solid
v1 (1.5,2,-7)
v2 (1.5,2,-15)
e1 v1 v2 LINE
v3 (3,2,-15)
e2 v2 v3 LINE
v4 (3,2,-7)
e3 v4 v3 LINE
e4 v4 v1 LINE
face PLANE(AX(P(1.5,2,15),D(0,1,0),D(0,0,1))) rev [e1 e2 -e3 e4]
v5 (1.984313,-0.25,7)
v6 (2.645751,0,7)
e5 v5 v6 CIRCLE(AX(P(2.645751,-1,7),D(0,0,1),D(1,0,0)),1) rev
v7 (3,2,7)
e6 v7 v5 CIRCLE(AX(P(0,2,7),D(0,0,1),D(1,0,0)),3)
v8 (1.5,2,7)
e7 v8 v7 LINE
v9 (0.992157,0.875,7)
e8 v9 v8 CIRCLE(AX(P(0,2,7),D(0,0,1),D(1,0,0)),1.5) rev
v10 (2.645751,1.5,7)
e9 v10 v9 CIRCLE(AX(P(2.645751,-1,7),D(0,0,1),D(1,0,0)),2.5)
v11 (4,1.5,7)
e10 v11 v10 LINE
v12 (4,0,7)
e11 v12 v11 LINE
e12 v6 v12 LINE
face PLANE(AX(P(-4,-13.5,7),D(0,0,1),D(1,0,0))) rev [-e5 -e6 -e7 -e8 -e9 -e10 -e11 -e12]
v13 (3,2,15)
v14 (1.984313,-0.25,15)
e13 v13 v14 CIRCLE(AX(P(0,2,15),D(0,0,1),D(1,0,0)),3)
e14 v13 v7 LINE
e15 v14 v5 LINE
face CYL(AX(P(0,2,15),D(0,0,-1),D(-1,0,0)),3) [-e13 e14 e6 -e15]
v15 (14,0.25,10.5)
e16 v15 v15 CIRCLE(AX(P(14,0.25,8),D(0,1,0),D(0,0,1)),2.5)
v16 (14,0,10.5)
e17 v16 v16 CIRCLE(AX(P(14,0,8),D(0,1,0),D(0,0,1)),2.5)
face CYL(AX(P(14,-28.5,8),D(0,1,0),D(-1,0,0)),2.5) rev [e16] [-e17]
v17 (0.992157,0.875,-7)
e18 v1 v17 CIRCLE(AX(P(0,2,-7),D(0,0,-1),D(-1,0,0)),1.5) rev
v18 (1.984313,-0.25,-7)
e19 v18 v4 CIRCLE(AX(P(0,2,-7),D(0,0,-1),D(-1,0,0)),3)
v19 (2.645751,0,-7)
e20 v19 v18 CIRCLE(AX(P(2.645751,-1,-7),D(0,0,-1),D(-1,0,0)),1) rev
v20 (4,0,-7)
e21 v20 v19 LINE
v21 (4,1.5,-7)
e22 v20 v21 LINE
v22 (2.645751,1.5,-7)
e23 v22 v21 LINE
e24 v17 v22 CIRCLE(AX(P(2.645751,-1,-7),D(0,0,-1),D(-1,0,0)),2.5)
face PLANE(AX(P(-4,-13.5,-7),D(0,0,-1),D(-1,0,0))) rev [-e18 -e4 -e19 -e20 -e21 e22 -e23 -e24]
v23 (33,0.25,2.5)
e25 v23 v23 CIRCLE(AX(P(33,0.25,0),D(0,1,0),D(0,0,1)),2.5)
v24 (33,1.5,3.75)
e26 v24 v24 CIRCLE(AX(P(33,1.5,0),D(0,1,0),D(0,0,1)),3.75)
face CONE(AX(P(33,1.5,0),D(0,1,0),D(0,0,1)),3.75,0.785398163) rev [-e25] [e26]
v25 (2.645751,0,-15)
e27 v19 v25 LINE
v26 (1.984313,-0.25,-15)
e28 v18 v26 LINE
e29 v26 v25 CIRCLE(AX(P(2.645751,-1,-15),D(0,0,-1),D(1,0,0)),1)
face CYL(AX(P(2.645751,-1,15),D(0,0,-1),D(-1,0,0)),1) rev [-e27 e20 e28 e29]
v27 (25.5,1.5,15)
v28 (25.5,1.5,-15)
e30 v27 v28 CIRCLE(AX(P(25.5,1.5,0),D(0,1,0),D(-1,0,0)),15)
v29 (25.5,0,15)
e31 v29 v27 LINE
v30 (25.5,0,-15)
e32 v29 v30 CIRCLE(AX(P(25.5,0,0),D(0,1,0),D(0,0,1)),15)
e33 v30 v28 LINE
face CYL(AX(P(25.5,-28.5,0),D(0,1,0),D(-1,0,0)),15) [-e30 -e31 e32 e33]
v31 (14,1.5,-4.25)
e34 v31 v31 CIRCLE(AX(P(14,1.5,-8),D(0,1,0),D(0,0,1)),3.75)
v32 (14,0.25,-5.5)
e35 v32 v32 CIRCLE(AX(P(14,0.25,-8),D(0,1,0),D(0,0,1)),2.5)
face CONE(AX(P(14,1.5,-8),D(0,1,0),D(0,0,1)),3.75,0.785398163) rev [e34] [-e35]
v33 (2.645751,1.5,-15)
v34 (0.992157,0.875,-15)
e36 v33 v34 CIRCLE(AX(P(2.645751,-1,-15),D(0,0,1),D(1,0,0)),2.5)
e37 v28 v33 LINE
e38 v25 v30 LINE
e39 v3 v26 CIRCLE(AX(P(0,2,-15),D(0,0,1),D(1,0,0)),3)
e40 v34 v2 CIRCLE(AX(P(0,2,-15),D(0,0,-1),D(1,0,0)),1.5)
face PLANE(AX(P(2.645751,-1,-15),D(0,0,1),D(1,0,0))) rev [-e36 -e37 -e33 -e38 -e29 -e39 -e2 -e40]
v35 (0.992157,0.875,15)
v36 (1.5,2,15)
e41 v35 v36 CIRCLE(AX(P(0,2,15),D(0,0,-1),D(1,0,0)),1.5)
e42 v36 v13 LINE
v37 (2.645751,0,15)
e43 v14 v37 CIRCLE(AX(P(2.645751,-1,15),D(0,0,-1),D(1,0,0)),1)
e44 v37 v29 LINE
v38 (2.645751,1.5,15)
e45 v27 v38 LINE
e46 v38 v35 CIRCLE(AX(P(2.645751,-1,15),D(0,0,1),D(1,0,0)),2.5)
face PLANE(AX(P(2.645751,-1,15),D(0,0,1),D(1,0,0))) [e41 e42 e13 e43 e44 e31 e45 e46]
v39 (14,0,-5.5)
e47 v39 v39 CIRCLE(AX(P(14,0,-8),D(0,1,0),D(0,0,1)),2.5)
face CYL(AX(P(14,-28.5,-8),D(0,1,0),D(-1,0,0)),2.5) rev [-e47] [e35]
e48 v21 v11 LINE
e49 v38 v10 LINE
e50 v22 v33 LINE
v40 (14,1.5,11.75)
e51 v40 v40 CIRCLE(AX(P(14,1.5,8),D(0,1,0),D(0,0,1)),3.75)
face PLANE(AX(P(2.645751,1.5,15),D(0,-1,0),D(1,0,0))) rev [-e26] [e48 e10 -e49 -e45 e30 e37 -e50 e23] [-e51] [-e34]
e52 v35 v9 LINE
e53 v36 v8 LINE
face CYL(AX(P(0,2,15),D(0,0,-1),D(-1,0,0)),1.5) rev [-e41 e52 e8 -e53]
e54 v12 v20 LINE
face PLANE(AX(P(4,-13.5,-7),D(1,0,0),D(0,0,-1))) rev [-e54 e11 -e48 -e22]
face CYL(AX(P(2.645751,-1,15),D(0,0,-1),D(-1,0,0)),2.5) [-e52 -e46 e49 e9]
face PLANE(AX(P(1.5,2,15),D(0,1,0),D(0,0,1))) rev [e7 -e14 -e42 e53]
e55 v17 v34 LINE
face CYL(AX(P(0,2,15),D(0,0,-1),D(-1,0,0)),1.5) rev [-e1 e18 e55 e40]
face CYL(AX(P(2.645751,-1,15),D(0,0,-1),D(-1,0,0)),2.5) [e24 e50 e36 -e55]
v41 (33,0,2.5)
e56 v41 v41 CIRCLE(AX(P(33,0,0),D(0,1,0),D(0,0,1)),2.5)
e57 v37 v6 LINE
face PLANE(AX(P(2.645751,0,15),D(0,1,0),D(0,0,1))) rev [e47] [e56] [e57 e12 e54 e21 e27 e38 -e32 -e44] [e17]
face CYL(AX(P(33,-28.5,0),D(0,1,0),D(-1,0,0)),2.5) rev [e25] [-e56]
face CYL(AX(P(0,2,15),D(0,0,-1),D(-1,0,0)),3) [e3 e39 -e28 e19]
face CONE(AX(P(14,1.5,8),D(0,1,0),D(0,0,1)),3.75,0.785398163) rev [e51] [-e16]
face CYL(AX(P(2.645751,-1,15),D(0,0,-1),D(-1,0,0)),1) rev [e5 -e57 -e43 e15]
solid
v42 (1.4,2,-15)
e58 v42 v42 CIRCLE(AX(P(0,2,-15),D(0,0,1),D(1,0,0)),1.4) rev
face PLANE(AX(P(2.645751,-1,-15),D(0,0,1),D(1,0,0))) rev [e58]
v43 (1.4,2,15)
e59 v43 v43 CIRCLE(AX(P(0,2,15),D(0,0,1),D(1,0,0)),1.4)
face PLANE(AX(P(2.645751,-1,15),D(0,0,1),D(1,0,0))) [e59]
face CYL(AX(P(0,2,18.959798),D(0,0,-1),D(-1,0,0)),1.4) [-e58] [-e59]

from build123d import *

# Parameters (mm, degrees)
BODY_DEPTH                    = 15
SKETCH_2_R                    = 2.5
CUT_1_DEPTH                   = 30
HOLE_WIZARD_7_5_5_D           = 5
HOLE_WIZARD_7_5_5_DEPTH       = 8.5
HOLE_WIZARD_7_5_5_CSINK_D     = 7.5
HOLE_WIZARD_7_5_5_CSINK_ANGLE = 90
HOLE_WIZARD_7_5_5_TIP         = 1.502151548
SKETCH_4_W                    = 8
SKETCH_4_H                    = 14
CUT_EXTRUDE_2_DEPTH           = 15
EXTRUDE_1_REACH               = 17
SKETCH_6_R                    = 1.4
EXTRUDE_1_DIRECTION_2_REACH   = 17


with BuildPart() as part:
    # ｽｹｯﾁ1 → BODY (new body, symmetric)
    with BuildSketch(Plane.XY):
        with BuildLine():
            Line((2.645751311, 1.5), (40.5, 1.5))
            Line((40.5, 1.5), (40.5, 0))
            Line((40.5, 0), (2.645751311, 0))
            ThreePointArc((2.645751311, 0), (2.29219792, -0.064585653), (1.984313483, -0.25))
            ThreePointArc((1.984313483, -0.25), (-2.734313483, 3.234313483), (3, 2))
            Line((3, 2), (1.5, 2))
            ThreePointArc((1.5, 2), (-1.367156742, 2.617156742), (0.992156742, 0.875))
            ThreePointArc((0.992156742, 0.875), (1.761867835, 1.338535867), (2.645751311, 1.5))
        make_face()
    extrude(amount=BODY_DEPTH, both=True)

    # ｽｹｯﾁ2 → CUT-1 (cut)
    with BuildSketch(Plane(origin=(0, 1.5, 0), x_dir=(1, 0, 0), z_dir=(0, 1, 0))):
        with Locations((33, 0)):
            Circle(SKETCH_2_R)
        with Locations((14, 8)):
            Circle(SKETCH_2_R)
        with Locations((14, -8)):
            Circle(SKETCH_2_R)
        with BuildLine():
            Line((40.5, -15), (40.5, 0))
            ThreePointArc((40.5, 0), (36.106601718, -10.606601718), (25.5, -15))
            Line((25.5, -15), (40.5, -15))
        make_face()
        with BuildLine():
            Line((40.5, 15), (25.5, 15))
            ThreePointArc((25.5, 15), (36.106601718, 10.606601718), (40.5, 0))
            Line((40.5, 0), (40.5, 15))
        make_face()
    extrude(amount=-CUT_1_DEPTH, mode=Mode.SUBTRACT)

    # φ7.5-φ5
    with Locations(Plane(origin=(14, 1.5, -8), x_dir=(1, 0, 0), z_dir=(0, 1, 0))):
        with Locations((0, 0), (0, -16), (19, -8)):
            CounterSinkHole(HOLE_WIZARD_7_5_5_D / 2, HOLE_WIZARD_7_5_5_CSINK_D / 2, depth=HOLE_WIZARD_7_5_5_DEPTH, counter_sink_angle=HOLE_WIZARD_7_5_5_CSINK_ANGLE)
            with Locations((0, 0, -(HOLE_WIZARD_7_5_5_DEPTH + HOLE_WIZARD_7_5_5_TIP / 2))):  # 118° drill point
                Cone(0, HOLE_WIZARD_7_5_5_D / 2, HOLE_WIZARD_7_5_5_TIP, mode=Mode.SUBTRACT)

    # ｽｹｯﾁ4 → ｶｯﾄ - 押し出し2 (cut, symmetric)
    with BuildSketch(Plane(origin=(0, 1.5, 0), x_dir=(1, 0, 0), z_dir=(0, 1, 0))):
        Rectangle(SKETCH_4_W, SKETCH_4_H)
    extrude(amount=CUT_EXTRUDE_2_DEPTH, both=True, mode=Mode.SUBTRACT)


with BuildPart() as body_2:

    # ﾎﾞｽ - 押し出し1: up to this face of the body (flat: up to its plane)
    extrude_1_end = Plane(part.part.faces().sort_by_distance((8.809859415, 1.217701285, 15))[0])
    # ｽｹｯﾁ6 → ﾎﾞｽ - 押し出し1 (new body, up to the picked face)
    with BuildSketch(Plane.XY, mode=Mode.PRIVATE) as extrude_1_sk1:
        with Locations((0, 2)):
            Circle(SKETCH_6_R)
    extrude_1_tool1 = split(extrude(extrude_1_sk1.sketch, amount=EXTRUDE_1_REACH, mode=Mode.PRIVATE), bisect_by=extrude_1_end, keep=Keep.BOTH, mode=Mode.PRIVATE)
    add(extrude_1_tool1.solids().sort_by_distance((0, 2, 0))[0])


    # ﾎﾞｽ - 押し出し1 direction 2: up to this face of the body (flat: up to its plane)
    extrude_1_direction_2_end = Plane(part.part.faces().sort_by_distance((8.809859415, 1.217701285, -15))[0])
    # ｽｹｯﾁ6 → ﾎﾞｽ - 押し出し1 direction 2 (add, up to the picked face)
    with BuildSketch(Plane.XY, mode=Mode.PRIVATE) as extrude_1_direction_2_sk1:
        with Locations((0, 2)):
            Circle(SKETCH_6_R)
    extrude_1_direction_2_tool1 = split(extrude(extrude_1_direction_2_sk1.sketch, amount=-EXTRUDE_1_DIRECTION_2_REACH, mode=Mode.PRIVATE), bisect_by=extrude_1_direction_2_end, keep=Keep.BOTH, mode=Mode.PRIVATE)
    add(extrude_1_direction_2_tool1.solids().sort_by_distance((0, 2, 0))[0])


solid = Compound([part.part, body_2.part])
